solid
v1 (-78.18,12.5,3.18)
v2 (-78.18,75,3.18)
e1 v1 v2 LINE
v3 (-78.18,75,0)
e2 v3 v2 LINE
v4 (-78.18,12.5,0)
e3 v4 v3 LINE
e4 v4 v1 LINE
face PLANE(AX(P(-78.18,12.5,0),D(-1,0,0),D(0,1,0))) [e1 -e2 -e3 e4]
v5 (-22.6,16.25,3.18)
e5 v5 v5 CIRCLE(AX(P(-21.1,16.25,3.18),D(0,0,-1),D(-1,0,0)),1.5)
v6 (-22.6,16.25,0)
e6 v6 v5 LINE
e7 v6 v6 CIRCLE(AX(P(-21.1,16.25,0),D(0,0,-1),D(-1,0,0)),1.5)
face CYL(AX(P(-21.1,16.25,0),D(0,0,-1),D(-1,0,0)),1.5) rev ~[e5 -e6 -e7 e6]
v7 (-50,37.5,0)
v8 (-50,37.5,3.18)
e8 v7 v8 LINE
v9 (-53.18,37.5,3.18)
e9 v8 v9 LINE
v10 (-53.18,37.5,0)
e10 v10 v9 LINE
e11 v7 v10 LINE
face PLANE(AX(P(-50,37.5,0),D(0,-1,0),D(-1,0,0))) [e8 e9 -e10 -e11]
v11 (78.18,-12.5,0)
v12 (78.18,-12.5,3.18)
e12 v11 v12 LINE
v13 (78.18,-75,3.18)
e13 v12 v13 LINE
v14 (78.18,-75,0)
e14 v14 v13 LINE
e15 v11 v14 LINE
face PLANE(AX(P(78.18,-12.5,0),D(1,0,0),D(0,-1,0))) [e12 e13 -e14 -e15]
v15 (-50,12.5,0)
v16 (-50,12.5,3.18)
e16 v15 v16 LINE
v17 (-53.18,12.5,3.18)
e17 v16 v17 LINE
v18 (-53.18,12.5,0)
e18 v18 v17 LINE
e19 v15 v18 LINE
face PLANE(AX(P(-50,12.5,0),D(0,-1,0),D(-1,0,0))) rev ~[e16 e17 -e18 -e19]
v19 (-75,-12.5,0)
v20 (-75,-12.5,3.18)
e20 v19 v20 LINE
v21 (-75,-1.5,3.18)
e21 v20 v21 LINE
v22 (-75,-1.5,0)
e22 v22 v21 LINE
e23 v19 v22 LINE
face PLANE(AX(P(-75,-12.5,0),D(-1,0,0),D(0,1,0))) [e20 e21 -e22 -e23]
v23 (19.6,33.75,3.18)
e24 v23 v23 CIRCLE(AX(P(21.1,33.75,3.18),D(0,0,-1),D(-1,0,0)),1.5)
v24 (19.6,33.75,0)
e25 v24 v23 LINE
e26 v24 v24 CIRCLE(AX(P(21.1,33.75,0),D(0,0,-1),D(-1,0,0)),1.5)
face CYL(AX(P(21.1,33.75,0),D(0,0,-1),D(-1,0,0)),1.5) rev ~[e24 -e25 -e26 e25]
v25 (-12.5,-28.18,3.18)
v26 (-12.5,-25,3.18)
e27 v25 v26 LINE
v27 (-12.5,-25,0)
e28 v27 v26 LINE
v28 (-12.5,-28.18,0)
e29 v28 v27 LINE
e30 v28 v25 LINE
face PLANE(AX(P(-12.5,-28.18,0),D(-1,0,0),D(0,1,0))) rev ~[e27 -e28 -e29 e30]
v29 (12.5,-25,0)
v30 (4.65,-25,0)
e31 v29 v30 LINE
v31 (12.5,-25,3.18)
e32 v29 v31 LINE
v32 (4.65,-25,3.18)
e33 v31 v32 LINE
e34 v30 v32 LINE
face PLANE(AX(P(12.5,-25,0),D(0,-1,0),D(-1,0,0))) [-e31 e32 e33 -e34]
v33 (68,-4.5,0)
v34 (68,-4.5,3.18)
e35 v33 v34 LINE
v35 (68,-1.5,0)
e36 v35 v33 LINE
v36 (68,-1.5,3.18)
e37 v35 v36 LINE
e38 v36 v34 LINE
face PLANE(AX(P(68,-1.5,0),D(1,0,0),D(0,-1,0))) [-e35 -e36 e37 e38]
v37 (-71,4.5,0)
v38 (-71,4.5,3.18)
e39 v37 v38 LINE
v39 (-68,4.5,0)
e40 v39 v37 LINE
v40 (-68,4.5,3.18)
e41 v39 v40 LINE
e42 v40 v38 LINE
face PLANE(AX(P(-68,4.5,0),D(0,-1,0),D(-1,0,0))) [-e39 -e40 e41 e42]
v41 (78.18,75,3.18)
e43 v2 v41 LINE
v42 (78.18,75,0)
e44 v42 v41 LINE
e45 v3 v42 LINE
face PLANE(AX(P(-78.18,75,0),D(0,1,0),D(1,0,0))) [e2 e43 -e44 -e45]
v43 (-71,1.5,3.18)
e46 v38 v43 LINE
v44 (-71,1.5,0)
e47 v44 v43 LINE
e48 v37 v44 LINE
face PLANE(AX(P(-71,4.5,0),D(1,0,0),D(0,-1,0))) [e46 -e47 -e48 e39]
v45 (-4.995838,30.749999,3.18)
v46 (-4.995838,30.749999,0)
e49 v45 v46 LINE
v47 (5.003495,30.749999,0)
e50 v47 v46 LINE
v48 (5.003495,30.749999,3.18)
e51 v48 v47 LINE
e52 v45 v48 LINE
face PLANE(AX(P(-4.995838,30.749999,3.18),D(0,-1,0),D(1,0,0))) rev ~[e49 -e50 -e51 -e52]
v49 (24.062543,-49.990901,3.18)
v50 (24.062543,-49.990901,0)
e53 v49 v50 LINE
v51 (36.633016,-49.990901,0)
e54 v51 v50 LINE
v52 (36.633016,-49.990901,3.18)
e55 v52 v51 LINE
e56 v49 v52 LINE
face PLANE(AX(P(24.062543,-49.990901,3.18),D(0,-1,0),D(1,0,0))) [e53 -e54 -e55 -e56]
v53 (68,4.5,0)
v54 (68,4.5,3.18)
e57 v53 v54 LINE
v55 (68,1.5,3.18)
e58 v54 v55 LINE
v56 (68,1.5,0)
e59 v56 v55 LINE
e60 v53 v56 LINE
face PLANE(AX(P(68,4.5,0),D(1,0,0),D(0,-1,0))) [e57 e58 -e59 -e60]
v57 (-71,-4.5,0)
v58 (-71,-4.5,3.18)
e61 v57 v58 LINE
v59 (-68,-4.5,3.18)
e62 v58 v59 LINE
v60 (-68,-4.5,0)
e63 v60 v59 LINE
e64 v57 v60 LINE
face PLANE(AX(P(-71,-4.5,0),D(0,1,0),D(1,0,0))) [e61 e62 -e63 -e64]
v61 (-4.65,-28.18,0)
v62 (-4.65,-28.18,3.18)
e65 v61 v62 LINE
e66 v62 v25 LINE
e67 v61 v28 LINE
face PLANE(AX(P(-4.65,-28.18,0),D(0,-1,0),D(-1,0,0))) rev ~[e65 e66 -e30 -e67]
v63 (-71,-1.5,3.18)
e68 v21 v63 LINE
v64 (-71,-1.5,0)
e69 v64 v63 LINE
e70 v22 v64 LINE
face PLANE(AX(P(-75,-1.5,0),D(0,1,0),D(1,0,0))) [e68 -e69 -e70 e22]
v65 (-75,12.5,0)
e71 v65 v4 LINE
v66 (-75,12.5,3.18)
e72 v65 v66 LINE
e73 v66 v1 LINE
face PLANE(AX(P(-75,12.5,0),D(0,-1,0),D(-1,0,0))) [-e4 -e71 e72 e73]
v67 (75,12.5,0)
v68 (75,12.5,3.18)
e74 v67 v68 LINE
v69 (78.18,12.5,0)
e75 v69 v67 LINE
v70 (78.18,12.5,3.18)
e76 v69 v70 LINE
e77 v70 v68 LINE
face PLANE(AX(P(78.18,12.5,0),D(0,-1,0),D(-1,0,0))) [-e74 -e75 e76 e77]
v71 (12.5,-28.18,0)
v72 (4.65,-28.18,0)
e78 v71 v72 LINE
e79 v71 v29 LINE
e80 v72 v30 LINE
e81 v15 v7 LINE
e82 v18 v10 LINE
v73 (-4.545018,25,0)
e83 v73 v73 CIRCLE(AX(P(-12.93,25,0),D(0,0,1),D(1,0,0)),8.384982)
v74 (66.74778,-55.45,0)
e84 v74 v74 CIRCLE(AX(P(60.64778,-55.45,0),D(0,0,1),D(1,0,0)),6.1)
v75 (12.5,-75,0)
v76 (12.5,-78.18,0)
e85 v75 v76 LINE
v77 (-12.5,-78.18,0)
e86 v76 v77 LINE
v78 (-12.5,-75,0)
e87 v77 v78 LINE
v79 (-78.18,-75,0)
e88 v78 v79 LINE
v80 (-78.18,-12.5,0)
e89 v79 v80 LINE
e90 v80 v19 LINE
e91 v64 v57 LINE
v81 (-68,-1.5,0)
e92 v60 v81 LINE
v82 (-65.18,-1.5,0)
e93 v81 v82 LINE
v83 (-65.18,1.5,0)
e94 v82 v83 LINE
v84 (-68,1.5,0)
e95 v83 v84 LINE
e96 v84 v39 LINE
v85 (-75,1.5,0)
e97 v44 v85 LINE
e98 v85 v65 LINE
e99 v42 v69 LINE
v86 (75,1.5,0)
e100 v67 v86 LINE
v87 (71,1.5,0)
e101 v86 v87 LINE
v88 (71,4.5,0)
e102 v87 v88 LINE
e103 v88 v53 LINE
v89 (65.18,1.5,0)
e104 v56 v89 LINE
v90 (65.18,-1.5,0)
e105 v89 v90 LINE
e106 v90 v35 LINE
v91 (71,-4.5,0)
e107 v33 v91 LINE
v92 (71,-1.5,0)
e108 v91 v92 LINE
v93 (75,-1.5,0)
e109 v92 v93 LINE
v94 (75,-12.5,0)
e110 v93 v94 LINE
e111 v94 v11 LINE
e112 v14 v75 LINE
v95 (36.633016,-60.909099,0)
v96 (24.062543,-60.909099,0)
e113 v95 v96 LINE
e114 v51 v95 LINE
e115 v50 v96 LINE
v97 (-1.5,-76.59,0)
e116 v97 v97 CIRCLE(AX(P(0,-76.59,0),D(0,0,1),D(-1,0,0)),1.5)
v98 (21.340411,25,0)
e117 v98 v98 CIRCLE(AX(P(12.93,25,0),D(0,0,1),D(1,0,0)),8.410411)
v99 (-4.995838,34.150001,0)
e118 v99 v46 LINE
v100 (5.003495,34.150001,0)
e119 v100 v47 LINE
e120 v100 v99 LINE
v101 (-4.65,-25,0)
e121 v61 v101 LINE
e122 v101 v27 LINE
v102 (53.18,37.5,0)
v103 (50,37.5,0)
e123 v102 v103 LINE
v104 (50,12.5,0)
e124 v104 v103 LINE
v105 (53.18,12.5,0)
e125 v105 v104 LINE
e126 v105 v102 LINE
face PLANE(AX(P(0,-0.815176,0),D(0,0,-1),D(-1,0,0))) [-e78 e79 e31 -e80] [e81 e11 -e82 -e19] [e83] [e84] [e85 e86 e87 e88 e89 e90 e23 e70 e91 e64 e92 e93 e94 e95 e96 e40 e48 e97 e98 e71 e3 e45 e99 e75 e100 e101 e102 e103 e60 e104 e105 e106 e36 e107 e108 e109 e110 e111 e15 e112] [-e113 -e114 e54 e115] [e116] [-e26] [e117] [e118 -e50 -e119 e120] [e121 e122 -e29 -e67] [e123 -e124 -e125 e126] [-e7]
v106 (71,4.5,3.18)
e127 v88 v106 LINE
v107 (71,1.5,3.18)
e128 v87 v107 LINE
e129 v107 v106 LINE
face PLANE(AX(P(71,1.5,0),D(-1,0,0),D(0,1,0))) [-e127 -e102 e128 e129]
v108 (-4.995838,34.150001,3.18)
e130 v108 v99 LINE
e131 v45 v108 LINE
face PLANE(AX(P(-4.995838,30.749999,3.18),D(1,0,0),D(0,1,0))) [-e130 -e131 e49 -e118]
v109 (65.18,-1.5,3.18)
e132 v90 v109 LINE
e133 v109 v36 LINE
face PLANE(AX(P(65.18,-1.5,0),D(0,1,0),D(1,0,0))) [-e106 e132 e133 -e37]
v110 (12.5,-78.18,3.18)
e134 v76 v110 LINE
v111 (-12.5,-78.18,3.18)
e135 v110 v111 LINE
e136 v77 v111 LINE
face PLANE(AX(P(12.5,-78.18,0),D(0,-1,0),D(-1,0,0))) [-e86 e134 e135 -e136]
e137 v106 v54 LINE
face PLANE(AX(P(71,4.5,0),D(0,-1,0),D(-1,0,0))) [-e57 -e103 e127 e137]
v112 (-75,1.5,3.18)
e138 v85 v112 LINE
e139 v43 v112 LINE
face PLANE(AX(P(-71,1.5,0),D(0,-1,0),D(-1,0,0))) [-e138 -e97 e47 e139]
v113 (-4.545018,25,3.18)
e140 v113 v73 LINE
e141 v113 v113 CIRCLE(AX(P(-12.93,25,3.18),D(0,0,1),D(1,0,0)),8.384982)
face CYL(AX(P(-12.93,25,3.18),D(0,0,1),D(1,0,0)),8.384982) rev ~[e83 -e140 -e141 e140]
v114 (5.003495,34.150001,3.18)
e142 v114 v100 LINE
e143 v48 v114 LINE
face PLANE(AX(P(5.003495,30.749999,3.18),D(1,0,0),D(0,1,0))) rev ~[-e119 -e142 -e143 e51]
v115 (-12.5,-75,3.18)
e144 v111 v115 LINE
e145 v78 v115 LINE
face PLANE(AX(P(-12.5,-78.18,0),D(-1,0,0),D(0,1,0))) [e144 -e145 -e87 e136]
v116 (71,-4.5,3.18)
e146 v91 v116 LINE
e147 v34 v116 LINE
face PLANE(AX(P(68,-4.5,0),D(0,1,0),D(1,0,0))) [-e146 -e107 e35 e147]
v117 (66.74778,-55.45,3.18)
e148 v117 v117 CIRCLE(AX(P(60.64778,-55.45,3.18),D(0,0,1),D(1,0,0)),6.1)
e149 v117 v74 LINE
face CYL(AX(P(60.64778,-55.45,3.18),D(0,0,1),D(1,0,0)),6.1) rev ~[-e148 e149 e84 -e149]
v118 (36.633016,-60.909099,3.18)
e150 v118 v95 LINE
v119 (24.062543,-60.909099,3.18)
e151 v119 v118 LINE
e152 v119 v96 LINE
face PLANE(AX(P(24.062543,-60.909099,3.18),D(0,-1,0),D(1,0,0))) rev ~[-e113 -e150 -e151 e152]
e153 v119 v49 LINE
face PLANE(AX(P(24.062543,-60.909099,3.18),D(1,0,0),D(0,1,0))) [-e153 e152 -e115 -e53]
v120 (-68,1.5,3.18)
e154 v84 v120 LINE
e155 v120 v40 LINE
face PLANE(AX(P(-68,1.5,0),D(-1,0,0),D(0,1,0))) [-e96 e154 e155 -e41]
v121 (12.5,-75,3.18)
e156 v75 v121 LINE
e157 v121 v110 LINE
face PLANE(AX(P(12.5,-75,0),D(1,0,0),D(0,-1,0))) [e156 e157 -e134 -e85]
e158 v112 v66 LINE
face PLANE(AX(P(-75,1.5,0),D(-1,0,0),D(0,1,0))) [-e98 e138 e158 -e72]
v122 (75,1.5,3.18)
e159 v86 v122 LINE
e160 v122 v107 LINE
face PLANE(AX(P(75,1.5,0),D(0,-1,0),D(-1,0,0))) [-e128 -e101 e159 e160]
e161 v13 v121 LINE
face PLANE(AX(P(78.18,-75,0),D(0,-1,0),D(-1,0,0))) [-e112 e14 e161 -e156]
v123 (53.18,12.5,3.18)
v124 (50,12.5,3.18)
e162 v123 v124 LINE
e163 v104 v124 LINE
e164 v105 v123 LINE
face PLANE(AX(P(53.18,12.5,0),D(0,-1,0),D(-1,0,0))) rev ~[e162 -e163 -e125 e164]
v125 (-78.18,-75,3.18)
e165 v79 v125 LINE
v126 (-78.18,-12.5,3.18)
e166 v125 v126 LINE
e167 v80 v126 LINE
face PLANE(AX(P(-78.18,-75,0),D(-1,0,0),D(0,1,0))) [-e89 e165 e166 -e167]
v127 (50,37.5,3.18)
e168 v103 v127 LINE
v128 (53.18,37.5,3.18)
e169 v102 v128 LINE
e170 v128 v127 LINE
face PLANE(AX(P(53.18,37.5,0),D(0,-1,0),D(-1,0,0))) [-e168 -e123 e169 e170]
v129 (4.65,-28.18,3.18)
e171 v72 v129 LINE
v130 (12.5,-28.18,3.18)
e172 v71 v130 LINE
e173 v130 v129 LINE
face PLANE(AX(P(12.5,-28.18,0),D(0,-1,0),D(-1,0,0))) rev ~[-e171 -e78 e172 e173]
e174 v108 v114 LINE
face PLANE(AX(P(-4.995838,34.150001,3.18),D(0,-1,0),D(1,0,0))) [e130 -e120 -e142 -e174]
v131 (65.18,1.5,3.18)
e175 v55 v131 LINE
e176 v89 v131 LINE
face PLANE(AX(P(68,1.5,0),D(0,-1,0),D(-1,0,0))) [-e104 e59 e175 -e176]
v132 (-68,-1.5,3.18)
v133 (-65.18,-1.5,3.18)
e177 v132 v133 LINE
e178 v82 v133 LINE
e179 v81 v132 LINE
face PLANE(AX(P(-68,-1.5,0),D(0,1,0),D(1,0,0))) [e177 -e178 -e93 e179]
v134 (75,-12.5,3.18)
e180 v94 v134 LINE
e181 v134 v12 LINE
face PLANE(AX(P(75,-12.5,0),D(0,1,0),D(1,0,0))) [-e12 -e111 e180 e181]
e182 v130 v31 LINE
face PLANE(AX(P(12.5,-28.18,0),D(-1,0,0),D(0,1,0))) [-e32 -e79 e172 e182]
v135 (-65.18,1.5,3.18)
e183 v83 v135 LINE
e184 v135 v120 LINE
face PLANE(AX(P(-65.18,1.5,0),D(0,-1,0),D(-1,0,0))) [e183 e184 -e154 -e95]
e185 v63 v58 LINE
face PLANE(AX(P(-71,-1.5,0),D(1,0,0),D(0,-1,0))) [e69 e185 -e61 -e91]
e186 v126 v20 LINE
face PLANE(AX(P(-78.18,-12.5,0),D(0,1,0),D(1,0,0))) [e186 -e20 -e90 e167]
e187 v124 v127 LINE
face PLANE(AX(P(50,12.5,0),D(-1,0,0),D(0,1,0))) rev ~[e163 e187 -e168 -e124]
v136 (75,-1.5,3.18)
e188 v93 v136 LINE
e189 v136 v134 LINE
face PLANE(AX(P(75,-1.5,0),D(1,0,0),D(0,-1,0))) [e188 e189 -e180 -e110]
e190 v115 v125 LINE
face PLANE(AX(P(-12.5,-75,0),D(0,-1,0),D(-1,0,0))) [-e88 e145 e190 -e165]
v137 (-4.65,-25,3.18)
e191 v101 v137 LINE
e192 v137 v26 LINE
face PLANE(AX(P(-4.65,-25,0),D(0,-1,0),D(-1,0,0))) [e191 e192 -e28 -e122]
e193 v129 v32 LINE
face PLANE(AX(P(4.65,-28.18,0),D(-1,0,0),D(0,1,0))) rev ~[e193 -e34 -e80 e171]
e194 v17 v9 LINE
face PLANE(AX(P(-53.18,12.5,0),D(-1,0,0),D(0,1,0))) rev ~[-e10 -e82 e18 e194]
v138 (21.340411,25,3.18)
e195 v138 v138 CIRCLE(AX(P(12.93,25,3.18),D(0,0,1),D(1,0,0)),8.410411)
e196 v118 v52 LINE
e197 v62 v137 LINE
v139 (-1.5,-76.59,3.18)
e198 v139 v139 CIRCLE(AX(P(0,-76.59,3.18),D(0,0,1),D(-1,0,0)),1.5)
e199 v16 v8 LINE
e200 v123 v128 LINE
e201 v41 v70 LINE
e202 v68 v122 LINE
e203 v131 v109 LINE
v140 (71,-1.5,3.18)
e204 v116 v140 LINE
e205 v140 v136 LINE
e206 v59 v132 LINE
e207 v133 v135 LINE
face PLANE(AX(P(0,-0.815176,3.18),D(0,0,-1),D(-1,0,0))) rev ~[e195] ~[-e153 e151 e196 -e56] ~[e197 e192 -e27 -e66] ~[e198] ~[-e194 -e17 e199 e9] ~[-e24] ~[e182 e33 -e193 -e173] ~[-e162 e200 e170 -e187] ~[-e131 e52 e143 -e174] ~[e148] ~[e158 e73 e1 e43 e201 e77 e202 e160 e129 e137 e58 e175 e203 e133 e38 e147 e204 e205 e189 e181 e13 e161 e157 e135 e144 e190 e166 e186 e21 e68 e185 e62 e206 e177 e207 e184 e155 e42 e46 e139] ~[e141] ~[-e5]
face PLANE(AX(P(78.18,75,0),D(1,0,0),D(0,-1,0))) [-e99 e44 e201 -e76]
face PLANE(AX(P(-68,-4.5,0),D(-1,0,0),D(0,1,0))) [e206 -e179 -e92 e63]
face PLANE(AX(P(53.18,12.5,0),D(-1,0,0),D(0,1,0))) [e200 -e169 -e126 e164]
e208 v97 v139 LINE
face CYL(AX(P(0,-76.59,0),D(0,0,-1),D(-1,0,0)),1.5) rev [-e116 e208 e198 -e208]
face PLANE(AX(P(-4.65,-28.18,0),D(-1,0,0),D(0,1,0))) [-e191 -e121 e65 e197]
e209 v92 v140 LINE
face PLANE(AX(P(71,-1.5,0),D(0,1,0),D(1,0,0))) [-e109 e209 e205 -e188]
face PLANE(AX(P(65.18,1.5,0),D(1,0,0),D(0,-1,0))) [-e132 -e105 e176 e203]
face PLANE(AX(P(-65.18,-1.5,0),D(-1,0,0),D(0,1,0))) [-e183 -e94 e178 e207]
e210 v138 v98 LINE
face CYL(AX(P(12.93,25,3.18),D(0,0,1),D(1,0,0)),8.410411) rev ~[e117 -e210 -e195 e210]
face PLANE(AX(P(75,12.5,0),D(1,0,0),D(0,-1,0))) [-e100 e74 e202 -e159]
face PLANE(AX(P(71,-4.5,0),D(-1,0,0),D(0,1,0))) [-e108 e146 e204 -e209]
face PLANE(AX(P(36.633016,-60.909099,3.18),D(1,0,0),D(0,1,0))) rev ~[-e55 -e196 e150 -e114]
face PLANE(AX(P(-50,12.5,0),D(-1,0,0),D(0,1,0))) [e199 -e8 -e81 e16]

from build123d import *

# Parameters (mm, degrees)
SKETCH1_R           = 1.5
BOSS_EXTRUDE1_DEPTH = 3.18
SKETCH2_R           = 6.1
SKETCH2_W           = 12.570473208
SKETCH2_H           = 10.91819785
CUT_EXTRUDE1_DEPTH  = 20
SKETCH4_R           = 8.384981778
SKETCH4_R_2         = 8.410411153
SKETCH4_W           = 9.999333355
SKETCH4_H           = 3.400001112
CUT_EXTRUDE2_DEPTH  = 10
SKETCH5_W           = 3.18
SKETCH5_H           = 25
SKETCH5_W_2         = 7.85
SKETCH5_H_2         = 3.18
CUT_EXTRUDE3_DEPTH  = 10
SKETCH8_R           = 1.5
CUT_EXTRUDE4_DEPTH  = 10


with BuildPart() as part:
    # Sketch1 → Boss-Extrude1 (new body)
    with BuildSketch(Plane.XY):
        Polygon((-78.18, 75), (78.18, 75), (78.18, 12.5), (75, 12.5), (75, 1.5), (71, 1.5), (71, 4.5), (68, 4.5), (68, 1.5), (65.18, 1.5), (65.18, -1.5), (68, -1.5), (68, -4.5), (71, -4.5), (71, -1.5), (75, -1.5), (75, -12.5), (78.18, -12.5), (78.18, -75), (12.5, -75), (12.5, -78.18), (-12.5, -78.18), (-12.5, -75), (-78.18, -75), (-78.18, -12.5), (-75, -12.5), (-75, -1.5), (-71, -1.5), (-71, -4.5), (-68, -4.5), (-68, -1.5), (-65.18, -1.5), (-65.18, 1.5), (-68, 1.5), (-68, 4.5), (-71, 4.5), (-71, 1.5), (-75, 1.5), (-75, 12.5), (-78.18, 12.5), align=None)
        with Locations(Location((0, -76.59, 0), (0, 0, 180))):
            Circle(SKETCH1_R, mode=Mode.SUBTRACT)
    extrude(amount=BOSS_EXTRUDE1_DEPTH)

    # Sketch2 → Cut-Extrude1 (cut)
    with BuildSketch(Plane.XY.offset(3.18)):
        with Locations((60.647779645, -55.45)):
            Circle(SKETCH2_R)
        with Locations((30.347779645, -55.45)):
            Rectangle(SKETCH2_W, SKETCH2_H)
    extrude(amount=-CUT_EXTRUDE1_DEPTH, mode=Mode.SUBTRACT)

    # Sketch4 → Cut-Extrude2 (cut)
    with BuildSketch(Plane.XY.offset(3.18)):
        with Locations((-12.93, 25)):
            Circle(SKETCH4_R)
        with Locations((12.93, 25)):
            Circle(SKETCH4_R_2)
        with Locations((0.003828225, 32.45)):
            Rectangle(SKETCH4_W, SKETCH4_H)
    extrude(amount=-CUT_EXTRUDE2_DEPTH, mode=Mode.SUBTRACT)

    # Sketch5 → Cut-Extrude3 (cut)
    with BuildSketch(Plane(origin=(0, 0, 0), x_dir=(-1, 0, 0), z_dir=(0, 0, -1))):
        with Locations((51.59, 25)):
            Rectangle(SKETCH5_W, SKETCH5_H)
        with Locations((-8.575, -26.59)):
            Rectangle(SKETCH5_W_2, SKETCH5_H_2)
        with Locations((8.575, -26.59)):
            Rectangle(SKETCH5_W_2, SKETCH5_H_2)
        with Locations((-51.59, 25)):
            Rectangle(SKETCH5_W, SKETCH5_H)
    extrude(amount=-CUT_EXTRUDE3_DEPTH, mode=Mode.SUBTRACT)

    # Sketch8 → Cut-Extrude4 (cut)
    with BuildSketch(Plane(origin=(0, 0, 0), x_dir=(-1, 0, 0), z_dir=(0, 0, -1))):
        with Locations((21.1, 16.25)):
            Circle(SKETCH8_R)
        with Locations((-21.1, 33.75)):
            Circle(SKETCH8_R)
    extrude(amount=-CUT_EXTRUDE4_DEPTH, mode=Mode.SUBTRACT)


solid = part.part
